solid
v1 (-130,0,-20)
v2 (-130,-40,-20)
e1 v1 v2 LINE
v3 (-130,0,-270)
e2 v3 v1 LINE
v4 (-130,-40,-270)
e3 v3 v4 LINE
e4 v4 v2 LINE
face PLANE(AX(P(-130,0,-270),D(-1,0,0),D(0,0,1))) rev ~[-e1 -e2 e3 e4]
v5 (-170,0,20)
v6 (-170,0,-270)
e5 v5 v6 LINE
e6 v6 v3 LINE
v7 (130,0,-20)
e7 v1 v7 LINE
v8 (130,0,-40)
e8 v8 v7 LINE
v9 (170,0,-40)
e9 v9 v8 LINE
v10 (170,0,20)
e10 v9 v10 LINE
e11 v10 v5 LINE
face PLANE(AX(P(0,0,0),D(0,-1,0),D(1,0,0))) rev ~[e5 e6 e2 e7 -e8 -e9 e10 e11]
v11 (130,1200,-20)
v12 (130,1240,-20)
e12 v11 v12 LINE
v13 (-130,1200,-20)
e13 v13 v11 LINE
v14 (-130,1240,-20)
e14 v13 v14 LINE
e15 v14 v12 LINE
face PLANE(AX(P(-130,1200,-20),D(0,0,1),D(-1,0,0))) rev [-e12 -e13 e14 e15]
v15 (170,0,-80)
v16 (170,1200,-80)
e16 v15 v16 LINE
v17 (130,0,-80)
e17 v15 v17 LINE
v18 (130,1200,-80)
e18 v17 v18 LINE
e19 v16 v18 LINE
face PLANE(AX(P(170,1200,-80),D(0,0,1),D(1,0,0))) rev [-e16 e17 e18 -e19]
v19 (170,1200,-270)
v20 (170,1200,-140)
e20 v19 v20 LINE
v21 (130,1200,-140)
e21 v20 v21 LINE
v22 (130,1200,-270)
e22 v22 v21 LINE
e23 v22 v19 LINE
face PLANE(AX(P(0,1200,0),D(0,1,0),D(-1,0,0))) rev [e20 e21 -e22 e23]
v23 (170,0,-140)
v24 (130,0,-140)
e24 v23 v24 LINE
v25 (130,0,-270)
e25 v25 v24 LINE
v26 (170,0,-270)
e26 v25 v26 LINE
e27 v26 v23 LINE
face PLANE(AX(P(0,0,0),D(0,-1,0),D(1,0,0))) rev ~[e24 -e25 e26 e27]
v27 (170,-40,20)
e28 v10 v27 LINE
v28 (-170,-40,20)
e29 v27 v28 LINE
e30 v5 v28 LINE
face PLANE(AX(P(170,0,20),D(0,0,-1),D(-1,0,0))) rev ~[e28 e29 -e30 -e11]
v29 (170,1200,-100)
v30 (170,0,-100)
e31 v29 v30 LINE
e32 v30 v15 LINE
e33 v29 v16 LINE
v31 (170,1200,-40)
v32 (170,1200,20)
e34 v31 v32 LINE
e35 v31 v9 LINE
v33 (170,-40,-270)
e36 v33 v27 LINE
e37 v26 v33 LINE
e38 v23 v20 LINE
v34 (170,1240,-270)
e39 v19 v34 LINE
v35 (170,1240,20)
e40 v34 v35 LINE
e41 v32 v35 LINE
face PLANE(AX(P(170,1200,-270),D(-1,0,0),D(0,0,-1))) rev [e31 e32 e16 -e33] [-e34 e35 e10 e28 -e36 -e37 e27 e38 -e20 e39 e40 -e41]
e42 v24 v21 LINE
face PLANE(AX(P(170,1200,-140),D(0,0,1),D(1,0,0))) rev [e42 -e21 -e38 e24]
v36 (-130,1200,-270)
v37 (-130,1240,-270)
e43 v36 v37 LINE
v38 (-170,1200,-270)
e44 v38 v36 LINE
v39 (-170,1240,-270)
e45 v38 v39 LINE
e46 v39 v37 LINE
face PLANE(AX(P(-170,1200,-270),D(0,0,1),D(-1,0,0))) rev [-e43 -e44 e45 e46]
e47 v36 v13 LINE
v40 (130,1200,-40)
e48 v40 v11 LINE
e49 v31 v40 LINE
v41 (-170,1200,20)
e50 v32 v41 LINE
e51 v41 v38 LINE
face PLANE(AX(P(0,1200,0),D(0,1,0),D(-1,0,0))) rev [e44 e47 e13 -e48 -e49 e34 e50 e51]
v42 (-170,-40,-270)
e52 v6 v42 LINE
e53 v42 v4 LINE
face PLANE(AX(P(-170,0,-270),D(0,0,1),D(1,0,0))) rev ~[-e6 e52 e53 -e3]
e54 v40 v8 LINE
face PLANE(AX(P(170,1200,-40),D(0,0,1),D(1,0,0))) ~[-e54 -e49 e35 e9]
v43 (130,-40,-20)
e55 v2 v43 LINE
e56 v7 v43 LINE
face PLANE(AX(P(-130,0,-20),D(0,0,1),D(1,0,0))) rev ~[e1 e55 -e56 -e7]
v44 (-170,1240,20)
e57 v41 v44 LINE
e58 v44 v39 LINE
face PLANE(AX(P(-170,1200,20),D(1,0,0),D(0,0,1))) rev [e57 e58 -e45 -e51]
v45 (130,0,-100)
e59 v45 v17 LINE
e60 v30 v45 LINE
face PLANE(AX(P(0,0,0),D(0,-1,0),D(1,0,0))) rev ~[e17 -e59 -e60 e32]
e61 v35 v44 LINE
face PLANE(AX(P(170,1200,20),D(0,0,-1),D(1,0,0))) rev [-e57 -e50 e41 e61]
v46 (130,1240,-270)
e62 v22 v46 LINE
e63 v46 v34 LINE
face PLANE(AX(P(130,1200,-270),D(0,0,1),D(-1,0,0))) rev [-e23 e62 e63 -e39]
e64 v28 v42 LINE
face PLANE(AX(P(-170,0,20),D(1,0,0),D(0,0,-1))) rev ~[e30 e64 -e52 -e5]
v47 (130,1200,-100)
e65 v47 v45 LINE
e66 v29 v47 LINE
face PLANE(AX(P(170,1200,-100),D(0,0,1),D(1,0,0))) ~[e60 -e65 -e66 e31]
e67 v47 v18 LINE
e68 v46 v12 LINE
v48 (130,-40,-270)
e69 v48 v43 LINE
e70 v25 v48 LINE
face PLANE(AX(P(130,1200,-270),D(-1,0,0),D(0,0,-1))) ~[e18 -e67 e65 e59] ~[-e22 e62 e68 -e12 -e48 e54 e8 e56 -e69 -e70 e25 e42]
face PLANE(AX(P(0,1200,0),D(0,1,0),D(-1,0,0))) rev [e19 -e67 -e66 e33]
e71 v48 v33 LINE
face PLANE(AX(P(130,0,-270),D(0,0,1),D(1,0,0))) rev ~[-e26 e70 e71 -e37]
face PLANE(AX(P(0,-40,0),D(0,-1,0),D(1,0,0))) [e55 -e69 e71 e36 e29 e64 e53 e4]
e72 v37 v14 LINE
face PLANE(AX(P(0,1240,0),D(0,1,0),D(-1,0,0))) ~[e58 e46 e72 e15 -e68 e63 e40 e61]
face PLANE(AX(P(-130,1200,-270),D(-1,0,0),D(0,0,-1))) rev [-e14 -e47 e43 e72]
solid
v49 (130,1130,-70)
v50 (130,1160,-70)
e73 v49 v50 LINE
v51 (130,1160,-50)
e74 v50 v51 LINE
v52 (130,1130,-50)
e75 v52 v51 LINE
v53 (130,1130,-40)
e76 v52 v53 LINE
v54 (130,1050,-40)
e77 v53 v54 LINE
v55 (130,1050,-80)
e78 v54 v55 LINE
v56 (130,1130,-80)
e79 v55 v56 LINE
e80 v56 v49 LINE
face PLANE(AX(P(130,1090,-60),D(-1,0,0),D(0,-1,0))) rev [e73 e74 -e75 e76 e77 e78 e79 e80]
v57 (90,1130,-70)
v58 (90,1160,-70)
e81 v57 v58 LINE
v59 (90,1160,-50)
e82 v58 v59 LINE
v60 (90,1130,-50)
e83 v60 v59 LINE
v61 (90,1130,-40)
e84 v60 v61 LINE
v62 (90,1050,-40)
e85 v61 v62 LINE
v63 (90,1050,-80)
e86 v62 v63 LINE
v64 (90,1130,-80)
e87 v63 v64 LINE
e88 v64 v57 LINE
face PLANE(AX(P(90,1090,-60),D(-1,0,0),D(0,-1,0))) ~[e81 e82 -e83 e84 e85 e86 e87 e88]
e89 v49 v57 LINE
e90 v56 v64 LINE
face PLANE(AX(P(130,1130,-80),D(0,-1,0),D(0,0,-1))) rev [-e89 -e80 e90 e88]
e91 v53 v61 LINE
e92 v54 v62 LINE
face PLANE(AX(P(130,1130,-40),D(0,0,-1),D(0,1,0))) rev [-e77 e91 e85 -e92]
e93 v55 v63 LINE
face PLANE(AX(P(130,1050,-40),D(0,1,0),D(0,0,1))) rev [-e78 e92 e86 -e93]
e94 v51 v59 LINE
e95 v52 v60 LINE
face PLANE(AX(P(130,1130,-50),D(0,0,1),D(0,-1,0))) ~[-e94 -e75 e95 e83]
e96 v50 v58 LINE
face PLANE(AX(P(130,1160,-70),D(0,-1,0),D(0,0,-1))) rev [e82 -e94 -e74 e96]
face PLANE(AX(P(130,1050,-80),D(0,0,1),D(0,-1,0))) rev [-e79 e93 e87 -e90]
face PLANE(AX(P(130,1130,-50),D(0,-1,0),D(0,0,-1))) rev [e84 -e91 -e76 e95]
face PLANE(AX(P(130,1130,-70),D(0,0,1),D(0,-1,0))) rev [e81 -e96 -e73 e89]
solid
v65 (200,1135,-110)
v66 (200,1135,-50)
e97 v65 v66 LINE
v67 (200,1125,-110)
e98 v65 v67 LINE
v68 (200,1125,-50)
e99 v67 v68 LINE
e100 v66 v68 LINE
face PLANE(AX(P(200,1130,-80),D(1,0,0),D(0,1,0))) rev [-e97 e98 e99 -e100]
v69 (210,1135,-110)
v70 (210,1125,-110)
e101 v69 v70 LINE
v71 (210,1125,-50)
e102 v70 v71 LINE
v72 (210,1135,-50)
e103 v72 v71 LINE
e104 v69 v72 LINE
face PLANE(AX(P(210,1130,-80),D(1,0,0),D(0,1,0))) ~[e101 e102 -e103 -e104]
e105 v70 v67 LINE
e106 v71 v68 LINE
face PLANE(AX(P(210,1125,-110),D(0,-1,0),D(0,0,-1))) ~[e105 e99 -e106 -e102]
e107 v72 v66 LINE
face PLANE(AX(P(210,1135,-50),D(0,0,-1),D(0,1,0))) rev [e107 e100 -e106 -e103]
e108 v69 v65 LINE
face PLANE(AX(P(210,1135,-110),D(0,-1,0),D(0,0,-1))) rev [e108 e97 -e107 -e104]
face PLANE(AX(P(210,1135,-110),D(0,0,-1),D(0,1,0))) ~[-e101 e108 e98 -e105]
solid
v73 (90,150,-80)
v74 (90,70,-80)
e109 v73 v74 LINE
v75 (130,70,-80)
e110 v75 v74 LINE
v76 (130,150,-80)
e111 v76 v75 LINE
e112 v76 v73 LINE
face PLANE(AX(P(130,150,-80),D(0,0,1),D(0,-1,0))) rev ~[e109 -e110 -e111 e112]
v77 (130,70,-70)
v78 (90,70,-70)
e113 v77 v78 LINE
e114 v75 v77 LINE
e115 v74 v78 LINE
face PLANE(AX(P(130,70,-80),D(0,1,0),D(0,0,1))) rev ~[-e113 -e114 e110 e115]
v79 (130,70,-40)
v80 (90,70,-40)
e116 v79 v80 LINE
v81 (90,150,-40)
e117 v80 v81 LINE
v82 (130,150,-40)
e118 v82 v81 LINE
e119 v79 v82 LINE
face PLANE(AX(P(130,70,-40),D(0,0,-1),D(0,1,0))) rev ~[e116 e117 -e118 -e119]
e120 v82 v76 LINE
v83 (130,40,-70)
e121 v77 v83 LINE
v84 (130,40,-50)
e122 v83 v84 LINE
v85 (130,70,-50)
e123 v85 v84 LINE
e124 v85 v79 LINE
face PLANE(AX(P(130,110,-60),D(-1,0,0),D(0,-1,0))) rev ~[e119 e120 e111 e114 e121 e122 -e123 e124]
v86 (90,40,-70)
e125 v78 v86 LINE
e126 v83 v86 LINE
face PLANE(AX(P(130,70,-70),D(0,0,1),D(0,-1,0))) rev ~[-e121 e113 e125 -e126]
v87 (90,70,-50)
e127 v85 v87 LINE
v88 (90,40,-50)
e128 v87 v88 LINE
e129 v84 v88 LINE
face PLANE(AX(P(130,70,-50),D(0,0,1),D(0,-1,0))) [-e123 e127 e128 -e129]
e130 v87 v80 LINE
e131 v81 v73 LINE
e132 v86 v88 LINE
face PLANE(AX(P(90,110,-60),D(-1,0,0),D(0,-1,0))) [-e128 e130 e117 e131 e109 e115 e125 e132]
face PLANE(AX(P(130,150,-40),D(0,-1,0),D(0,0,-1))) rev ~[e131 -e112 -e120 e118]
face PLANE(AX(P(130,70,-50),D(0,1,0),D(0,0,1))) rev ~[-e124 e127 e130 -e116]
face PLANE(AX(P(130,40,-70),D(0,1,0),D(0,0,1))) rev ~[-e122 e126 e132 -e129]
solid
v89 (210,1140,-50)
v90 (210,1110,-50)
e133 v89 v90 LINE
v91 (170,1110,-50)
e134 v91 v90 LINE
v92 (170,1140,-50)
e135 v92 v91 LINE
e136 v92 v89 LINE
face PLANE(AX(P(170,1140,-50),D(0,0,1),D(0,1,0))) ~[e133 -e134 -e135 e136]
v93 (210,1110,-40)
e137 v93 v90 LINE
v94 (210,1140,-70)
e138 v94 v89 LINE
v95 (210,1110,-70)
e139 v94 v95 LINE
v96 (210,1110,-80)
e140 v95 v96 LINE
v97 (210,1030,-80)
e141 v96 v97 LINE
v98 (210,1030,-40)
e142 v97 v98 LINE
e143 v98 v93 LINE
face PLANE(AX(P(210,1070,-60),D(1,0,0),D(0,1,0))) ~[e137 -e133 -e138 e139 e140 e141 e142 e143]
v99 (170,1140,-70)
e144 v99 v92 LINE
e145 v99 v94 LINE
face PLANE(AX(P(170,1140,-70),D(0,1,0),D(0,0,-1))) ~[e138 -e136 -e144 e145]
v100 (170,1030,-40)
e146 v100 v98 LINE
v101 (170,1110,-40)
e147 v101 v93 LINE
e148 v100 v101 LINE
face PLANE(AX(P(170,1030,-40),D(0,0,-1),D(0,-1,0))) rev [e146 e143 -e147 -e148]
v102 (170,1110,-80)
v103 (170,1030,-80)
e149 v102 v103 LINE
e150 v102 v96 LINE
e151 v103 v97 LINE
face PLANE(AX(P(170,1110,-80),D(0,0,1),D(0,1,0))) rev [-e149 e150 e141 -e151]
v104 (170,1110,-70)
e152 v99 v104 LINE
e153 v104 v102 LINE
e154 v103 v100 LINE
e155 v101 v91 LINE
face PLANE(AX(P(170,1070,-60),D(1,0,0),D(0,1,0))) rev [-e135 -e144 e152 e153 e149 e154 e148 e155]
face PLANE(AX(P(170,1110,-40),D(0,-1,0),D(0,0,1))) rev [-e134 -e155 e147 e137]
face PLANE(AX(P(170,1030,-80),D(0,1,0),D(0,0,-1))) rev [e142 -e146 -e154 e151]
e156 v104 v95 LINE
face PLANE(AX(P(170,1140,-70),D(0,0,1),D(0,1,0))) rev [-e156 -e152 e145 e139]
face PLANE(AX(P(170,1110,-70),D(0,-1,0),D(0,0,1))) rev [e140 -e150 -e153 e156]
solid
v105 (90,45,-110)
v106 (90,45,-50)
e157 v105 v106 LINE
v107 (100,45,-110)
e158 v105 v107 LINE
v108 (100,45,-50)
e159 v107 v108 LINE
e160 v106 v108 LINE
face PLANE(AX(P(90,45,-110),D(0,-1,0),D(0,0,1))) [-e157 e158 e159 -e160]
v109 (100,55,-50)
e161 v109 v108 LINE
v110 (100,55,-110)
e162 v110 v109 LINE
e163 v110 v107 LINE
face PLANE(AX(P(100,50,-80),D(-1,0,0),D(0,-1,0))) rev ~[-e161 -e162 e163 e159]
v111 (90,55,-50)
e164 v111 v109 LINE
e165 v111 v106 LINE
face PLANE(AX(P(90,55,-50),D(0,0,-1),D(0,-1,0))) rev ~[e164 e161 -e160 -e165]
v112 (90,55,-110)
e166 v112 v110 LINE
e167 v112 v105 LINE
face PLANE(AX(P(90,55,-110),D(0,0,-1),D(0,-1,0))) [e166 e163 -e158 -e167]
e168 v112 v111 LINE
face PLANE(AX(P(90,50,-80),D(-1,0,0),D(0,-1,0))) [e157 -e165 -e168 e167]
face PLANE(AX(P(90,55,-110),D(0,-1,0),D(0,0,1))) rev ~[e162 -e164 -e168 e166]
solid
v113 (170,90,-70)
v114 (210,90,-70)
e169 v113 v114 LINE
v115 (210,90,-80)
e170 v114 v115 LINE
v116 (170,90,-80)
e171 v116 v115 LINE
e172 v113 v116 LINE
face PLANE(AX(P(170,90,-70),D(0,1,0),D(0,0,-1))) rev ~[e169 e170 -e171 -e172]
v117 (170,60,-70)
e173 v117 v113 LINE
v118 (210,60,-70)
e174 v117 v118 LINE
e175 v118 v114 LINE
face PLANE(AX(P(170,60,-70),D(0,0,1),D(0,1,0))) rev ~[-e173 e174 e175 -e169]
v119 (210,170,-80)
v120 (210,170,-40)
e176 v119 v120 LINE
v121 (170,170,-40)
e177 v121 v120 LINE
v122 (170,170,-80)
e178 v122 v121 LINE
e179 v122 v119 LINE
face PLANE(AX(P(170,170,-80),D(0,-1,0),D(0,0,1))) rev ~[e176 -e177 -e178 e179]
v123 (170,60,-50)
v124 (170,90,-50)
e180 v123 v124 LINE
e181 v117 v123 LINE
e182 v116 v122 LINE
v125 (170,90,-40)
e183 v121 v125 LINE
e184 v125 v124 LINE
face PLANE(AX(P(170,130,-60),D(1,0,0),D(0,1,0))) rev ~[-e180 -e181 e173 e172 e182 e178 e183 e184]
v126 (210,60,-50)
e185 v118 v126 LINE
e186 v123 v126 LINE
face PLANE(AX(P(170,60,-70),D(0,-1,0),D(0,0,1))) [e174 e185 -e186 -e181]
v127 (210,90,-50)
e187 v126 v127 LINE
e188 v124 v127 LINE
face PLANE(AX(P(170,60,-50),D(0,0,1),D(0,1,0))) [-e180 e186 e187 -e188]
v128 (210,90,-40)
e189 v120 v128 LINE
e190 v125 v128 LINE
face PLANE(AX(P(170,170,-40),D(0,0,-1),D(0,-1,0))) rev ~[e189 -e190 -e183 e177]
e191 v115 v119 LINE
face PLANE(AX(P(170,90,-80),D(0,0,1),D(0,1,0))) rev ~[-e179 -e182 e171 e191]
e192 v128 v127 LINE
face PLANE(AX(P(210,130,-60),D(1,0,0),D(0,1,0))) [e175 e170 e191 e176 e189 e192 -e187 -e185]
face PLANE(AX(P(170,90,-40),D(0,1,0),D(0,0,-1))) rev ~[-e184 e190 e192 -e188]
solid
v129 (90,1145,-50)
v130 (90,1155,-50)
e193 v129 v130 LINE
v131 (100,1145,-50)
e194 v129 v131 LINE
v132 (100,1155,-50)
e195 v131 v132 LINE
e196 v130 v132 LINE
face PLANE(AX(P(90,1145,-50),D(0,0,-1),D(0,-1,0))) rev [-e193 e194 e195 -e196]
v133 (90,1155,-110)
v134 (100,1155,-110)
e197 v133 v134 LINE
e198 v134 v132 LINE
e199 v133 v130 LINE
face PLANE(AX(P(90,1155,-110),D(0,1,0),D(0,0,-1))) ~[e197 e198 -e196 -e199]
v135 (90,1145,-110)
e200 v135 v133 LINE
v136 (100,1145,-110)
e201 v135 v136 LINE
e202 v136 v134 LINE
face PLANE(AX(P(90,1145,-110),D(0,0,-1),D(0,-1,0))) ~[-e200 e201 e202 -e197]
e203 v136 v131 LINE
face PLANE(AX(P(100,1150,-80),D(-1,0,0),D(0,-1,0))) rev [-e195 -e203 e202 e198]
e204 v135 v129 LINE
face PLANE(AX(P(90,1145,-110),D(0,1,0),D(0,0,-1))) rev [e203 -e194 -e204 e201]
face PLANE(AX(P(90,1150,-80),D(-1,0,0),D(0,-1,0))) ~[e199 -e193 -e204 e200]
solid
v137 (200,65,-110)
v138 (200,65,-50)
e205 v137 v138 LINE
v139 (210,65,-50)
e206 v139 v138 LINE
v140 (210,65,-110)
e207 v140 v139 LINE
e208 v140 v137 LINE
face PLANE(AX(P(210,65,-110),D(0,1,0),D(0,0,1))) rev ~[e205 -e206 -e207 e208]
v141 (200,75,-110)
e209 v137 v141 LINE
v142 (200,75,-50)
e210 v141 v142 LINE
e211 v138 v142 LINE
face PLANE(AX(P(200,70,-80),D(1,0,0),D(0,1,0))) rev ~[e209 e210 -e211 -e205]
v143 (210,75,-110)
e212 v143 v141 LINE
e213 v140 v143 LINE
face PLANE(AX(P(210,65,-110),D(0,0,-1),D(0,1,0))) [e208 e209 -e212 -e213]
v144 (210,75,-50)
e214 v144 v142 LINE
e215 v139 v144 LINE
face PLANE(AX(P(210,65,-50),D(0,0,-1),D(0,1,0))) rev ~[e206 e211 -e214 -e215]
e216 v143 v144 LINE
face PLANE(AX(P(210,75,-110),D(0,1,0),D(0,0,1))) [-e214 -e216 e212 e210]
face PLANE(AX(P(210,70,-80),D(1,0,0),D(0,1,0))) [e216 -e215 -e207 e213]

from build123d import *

# Parameters (mm, degrees)
F0_W      = 40
F0_H      = 250
F1_DEPTH  = 40
F2_W      = 40
F2_H      = 40
F3_DEPTH  = 600
F4_W      = 30
F4_H      = 20
F5_DEPTH  = 40
F6_W      = 10
F6_H      = 60
F7_DEPTH  = 10
F8_W      = 30
F8_H      = 20
F9_DEPTH  = 40
F10_W     = 10
F10_H     = 60
F11_DEPTH = 10


with BuildPart() as f1:
    # F0 (on Front) → F1 (new body)
    with BuildSketch(Plane.XZ):
        Polygon((170, 20), (-170, 20), (-170, -20), (-130, -20), (130, -20), (170, -20), align=None)
        with Locations((-150, -145)):
            Rectangle(F0_W, F0_H)
        with Locations((150, -145)):
            Rectangle(F0_W, F0_H)
    extrude(amount=F1_DEPTH)

    # F2 (on face) → F3 (join)
    with BuildSketch(Plane(origin=(0, 0, 0), x_dir=(-1, 0, 0), z_dir=(0, 1, 0))):
        with Locations((-150, -60)):
            Rectangle(F2_W, F2_H)
        with Locations((-150, -120)):
            Rectangle(F2_W, F2_H)
    extrude(amount=F3_DEPTH)

    # F13: F1 across face


with BuildPart() as f5:
    # F4 (on face) → F5 (new body)
    with BuildSketch(Plane.YZ.offset(170)):
        Polygon((170, -80), (170, -40), (90, -40), (90, -50), (90, -70), (90, -80), align=None)
        with Locations((75, -60)):
            Rectangle(F4_W, F4_H)
    extrude(amount=F5_DEPTH)


with BuildPart() as f7:
    # F6 (on face) → F7 (new body)
    with BuildSketch(Plane.YZ.offset(210)):
        with Locations((70, -80)):
            Rectangle(F6_W, F6_H)
    extrude(amount=-F7_DEPTH)


with BuildPart() as f9:
    # F8 (on face) → F9 (new body)
    with BuildSketch(Plane(origin=(130, 0, 0), x_dir=(0, -1, 0), z_dir=(-1, 0, 0))):
        Polygon((-70, -40), (-150, -40), (-150, -80), (-70, -80), (-70, -70), (-70, -50), align=None)
        with Locations((-55, -60)):
            Rectangle(F8_W, F8_H)
    extrude(amount=F9_DEPTH)


with BuildPart() as f11:
    # F10 (on face) → F11 (new body)
    with BuildSketch(Plane(origin=(90, 0, 0), x_dir=(0, -1, 0), z_dir=(-1, 0, 0))):
        with Locations((-50, -80)):
            Rectangle(F10_W, F10_H)
    extrude(amount=-F11_DEPTH)


with BuildPart() as f12_1:
    # F12: instance of F5
    add(f5.part.mirror(Plane(origin=(150, 600, -60), x_dir=(-1, 0, 0), z_dir=(0, 1, 0))))


with BuildPart() as f12_2:
    # F12: instance of F7
    add(f7.part.mirror(Plane(origin=(150, 600, -60), x_dir=(-1, 0, 0), z_dir=(0, 1, 0))))


with BuildPart() as f12_3:
    # F12: instance of F9
    add(f9.part.mirror(Plane(origin=(150, 600, -60), x_dir=(-1, 0, 0), z_dir=(0, 1, 0))))


with BuildPart() as f12_4:
    # F12: instance of F11
    add(f11.part.mirror(Plane(origin=(150, 600, -60), x_dir=(-1, 0, 0), z_dir=(0, 1, 0))))


with BuildPart() as f1_1:
    add(f1.part)
    add(f1.part.mirror(Plane(origin=(150, 600, -60), x_dir=(-1, 0, 0), z_dir=(0, 1, 0))))


solid = Compound([f5.part, f7.part, f9.part, f11.part, f12_1.part, f12_2.part, f12_3.part, f12_4.part, f1_1.part])
